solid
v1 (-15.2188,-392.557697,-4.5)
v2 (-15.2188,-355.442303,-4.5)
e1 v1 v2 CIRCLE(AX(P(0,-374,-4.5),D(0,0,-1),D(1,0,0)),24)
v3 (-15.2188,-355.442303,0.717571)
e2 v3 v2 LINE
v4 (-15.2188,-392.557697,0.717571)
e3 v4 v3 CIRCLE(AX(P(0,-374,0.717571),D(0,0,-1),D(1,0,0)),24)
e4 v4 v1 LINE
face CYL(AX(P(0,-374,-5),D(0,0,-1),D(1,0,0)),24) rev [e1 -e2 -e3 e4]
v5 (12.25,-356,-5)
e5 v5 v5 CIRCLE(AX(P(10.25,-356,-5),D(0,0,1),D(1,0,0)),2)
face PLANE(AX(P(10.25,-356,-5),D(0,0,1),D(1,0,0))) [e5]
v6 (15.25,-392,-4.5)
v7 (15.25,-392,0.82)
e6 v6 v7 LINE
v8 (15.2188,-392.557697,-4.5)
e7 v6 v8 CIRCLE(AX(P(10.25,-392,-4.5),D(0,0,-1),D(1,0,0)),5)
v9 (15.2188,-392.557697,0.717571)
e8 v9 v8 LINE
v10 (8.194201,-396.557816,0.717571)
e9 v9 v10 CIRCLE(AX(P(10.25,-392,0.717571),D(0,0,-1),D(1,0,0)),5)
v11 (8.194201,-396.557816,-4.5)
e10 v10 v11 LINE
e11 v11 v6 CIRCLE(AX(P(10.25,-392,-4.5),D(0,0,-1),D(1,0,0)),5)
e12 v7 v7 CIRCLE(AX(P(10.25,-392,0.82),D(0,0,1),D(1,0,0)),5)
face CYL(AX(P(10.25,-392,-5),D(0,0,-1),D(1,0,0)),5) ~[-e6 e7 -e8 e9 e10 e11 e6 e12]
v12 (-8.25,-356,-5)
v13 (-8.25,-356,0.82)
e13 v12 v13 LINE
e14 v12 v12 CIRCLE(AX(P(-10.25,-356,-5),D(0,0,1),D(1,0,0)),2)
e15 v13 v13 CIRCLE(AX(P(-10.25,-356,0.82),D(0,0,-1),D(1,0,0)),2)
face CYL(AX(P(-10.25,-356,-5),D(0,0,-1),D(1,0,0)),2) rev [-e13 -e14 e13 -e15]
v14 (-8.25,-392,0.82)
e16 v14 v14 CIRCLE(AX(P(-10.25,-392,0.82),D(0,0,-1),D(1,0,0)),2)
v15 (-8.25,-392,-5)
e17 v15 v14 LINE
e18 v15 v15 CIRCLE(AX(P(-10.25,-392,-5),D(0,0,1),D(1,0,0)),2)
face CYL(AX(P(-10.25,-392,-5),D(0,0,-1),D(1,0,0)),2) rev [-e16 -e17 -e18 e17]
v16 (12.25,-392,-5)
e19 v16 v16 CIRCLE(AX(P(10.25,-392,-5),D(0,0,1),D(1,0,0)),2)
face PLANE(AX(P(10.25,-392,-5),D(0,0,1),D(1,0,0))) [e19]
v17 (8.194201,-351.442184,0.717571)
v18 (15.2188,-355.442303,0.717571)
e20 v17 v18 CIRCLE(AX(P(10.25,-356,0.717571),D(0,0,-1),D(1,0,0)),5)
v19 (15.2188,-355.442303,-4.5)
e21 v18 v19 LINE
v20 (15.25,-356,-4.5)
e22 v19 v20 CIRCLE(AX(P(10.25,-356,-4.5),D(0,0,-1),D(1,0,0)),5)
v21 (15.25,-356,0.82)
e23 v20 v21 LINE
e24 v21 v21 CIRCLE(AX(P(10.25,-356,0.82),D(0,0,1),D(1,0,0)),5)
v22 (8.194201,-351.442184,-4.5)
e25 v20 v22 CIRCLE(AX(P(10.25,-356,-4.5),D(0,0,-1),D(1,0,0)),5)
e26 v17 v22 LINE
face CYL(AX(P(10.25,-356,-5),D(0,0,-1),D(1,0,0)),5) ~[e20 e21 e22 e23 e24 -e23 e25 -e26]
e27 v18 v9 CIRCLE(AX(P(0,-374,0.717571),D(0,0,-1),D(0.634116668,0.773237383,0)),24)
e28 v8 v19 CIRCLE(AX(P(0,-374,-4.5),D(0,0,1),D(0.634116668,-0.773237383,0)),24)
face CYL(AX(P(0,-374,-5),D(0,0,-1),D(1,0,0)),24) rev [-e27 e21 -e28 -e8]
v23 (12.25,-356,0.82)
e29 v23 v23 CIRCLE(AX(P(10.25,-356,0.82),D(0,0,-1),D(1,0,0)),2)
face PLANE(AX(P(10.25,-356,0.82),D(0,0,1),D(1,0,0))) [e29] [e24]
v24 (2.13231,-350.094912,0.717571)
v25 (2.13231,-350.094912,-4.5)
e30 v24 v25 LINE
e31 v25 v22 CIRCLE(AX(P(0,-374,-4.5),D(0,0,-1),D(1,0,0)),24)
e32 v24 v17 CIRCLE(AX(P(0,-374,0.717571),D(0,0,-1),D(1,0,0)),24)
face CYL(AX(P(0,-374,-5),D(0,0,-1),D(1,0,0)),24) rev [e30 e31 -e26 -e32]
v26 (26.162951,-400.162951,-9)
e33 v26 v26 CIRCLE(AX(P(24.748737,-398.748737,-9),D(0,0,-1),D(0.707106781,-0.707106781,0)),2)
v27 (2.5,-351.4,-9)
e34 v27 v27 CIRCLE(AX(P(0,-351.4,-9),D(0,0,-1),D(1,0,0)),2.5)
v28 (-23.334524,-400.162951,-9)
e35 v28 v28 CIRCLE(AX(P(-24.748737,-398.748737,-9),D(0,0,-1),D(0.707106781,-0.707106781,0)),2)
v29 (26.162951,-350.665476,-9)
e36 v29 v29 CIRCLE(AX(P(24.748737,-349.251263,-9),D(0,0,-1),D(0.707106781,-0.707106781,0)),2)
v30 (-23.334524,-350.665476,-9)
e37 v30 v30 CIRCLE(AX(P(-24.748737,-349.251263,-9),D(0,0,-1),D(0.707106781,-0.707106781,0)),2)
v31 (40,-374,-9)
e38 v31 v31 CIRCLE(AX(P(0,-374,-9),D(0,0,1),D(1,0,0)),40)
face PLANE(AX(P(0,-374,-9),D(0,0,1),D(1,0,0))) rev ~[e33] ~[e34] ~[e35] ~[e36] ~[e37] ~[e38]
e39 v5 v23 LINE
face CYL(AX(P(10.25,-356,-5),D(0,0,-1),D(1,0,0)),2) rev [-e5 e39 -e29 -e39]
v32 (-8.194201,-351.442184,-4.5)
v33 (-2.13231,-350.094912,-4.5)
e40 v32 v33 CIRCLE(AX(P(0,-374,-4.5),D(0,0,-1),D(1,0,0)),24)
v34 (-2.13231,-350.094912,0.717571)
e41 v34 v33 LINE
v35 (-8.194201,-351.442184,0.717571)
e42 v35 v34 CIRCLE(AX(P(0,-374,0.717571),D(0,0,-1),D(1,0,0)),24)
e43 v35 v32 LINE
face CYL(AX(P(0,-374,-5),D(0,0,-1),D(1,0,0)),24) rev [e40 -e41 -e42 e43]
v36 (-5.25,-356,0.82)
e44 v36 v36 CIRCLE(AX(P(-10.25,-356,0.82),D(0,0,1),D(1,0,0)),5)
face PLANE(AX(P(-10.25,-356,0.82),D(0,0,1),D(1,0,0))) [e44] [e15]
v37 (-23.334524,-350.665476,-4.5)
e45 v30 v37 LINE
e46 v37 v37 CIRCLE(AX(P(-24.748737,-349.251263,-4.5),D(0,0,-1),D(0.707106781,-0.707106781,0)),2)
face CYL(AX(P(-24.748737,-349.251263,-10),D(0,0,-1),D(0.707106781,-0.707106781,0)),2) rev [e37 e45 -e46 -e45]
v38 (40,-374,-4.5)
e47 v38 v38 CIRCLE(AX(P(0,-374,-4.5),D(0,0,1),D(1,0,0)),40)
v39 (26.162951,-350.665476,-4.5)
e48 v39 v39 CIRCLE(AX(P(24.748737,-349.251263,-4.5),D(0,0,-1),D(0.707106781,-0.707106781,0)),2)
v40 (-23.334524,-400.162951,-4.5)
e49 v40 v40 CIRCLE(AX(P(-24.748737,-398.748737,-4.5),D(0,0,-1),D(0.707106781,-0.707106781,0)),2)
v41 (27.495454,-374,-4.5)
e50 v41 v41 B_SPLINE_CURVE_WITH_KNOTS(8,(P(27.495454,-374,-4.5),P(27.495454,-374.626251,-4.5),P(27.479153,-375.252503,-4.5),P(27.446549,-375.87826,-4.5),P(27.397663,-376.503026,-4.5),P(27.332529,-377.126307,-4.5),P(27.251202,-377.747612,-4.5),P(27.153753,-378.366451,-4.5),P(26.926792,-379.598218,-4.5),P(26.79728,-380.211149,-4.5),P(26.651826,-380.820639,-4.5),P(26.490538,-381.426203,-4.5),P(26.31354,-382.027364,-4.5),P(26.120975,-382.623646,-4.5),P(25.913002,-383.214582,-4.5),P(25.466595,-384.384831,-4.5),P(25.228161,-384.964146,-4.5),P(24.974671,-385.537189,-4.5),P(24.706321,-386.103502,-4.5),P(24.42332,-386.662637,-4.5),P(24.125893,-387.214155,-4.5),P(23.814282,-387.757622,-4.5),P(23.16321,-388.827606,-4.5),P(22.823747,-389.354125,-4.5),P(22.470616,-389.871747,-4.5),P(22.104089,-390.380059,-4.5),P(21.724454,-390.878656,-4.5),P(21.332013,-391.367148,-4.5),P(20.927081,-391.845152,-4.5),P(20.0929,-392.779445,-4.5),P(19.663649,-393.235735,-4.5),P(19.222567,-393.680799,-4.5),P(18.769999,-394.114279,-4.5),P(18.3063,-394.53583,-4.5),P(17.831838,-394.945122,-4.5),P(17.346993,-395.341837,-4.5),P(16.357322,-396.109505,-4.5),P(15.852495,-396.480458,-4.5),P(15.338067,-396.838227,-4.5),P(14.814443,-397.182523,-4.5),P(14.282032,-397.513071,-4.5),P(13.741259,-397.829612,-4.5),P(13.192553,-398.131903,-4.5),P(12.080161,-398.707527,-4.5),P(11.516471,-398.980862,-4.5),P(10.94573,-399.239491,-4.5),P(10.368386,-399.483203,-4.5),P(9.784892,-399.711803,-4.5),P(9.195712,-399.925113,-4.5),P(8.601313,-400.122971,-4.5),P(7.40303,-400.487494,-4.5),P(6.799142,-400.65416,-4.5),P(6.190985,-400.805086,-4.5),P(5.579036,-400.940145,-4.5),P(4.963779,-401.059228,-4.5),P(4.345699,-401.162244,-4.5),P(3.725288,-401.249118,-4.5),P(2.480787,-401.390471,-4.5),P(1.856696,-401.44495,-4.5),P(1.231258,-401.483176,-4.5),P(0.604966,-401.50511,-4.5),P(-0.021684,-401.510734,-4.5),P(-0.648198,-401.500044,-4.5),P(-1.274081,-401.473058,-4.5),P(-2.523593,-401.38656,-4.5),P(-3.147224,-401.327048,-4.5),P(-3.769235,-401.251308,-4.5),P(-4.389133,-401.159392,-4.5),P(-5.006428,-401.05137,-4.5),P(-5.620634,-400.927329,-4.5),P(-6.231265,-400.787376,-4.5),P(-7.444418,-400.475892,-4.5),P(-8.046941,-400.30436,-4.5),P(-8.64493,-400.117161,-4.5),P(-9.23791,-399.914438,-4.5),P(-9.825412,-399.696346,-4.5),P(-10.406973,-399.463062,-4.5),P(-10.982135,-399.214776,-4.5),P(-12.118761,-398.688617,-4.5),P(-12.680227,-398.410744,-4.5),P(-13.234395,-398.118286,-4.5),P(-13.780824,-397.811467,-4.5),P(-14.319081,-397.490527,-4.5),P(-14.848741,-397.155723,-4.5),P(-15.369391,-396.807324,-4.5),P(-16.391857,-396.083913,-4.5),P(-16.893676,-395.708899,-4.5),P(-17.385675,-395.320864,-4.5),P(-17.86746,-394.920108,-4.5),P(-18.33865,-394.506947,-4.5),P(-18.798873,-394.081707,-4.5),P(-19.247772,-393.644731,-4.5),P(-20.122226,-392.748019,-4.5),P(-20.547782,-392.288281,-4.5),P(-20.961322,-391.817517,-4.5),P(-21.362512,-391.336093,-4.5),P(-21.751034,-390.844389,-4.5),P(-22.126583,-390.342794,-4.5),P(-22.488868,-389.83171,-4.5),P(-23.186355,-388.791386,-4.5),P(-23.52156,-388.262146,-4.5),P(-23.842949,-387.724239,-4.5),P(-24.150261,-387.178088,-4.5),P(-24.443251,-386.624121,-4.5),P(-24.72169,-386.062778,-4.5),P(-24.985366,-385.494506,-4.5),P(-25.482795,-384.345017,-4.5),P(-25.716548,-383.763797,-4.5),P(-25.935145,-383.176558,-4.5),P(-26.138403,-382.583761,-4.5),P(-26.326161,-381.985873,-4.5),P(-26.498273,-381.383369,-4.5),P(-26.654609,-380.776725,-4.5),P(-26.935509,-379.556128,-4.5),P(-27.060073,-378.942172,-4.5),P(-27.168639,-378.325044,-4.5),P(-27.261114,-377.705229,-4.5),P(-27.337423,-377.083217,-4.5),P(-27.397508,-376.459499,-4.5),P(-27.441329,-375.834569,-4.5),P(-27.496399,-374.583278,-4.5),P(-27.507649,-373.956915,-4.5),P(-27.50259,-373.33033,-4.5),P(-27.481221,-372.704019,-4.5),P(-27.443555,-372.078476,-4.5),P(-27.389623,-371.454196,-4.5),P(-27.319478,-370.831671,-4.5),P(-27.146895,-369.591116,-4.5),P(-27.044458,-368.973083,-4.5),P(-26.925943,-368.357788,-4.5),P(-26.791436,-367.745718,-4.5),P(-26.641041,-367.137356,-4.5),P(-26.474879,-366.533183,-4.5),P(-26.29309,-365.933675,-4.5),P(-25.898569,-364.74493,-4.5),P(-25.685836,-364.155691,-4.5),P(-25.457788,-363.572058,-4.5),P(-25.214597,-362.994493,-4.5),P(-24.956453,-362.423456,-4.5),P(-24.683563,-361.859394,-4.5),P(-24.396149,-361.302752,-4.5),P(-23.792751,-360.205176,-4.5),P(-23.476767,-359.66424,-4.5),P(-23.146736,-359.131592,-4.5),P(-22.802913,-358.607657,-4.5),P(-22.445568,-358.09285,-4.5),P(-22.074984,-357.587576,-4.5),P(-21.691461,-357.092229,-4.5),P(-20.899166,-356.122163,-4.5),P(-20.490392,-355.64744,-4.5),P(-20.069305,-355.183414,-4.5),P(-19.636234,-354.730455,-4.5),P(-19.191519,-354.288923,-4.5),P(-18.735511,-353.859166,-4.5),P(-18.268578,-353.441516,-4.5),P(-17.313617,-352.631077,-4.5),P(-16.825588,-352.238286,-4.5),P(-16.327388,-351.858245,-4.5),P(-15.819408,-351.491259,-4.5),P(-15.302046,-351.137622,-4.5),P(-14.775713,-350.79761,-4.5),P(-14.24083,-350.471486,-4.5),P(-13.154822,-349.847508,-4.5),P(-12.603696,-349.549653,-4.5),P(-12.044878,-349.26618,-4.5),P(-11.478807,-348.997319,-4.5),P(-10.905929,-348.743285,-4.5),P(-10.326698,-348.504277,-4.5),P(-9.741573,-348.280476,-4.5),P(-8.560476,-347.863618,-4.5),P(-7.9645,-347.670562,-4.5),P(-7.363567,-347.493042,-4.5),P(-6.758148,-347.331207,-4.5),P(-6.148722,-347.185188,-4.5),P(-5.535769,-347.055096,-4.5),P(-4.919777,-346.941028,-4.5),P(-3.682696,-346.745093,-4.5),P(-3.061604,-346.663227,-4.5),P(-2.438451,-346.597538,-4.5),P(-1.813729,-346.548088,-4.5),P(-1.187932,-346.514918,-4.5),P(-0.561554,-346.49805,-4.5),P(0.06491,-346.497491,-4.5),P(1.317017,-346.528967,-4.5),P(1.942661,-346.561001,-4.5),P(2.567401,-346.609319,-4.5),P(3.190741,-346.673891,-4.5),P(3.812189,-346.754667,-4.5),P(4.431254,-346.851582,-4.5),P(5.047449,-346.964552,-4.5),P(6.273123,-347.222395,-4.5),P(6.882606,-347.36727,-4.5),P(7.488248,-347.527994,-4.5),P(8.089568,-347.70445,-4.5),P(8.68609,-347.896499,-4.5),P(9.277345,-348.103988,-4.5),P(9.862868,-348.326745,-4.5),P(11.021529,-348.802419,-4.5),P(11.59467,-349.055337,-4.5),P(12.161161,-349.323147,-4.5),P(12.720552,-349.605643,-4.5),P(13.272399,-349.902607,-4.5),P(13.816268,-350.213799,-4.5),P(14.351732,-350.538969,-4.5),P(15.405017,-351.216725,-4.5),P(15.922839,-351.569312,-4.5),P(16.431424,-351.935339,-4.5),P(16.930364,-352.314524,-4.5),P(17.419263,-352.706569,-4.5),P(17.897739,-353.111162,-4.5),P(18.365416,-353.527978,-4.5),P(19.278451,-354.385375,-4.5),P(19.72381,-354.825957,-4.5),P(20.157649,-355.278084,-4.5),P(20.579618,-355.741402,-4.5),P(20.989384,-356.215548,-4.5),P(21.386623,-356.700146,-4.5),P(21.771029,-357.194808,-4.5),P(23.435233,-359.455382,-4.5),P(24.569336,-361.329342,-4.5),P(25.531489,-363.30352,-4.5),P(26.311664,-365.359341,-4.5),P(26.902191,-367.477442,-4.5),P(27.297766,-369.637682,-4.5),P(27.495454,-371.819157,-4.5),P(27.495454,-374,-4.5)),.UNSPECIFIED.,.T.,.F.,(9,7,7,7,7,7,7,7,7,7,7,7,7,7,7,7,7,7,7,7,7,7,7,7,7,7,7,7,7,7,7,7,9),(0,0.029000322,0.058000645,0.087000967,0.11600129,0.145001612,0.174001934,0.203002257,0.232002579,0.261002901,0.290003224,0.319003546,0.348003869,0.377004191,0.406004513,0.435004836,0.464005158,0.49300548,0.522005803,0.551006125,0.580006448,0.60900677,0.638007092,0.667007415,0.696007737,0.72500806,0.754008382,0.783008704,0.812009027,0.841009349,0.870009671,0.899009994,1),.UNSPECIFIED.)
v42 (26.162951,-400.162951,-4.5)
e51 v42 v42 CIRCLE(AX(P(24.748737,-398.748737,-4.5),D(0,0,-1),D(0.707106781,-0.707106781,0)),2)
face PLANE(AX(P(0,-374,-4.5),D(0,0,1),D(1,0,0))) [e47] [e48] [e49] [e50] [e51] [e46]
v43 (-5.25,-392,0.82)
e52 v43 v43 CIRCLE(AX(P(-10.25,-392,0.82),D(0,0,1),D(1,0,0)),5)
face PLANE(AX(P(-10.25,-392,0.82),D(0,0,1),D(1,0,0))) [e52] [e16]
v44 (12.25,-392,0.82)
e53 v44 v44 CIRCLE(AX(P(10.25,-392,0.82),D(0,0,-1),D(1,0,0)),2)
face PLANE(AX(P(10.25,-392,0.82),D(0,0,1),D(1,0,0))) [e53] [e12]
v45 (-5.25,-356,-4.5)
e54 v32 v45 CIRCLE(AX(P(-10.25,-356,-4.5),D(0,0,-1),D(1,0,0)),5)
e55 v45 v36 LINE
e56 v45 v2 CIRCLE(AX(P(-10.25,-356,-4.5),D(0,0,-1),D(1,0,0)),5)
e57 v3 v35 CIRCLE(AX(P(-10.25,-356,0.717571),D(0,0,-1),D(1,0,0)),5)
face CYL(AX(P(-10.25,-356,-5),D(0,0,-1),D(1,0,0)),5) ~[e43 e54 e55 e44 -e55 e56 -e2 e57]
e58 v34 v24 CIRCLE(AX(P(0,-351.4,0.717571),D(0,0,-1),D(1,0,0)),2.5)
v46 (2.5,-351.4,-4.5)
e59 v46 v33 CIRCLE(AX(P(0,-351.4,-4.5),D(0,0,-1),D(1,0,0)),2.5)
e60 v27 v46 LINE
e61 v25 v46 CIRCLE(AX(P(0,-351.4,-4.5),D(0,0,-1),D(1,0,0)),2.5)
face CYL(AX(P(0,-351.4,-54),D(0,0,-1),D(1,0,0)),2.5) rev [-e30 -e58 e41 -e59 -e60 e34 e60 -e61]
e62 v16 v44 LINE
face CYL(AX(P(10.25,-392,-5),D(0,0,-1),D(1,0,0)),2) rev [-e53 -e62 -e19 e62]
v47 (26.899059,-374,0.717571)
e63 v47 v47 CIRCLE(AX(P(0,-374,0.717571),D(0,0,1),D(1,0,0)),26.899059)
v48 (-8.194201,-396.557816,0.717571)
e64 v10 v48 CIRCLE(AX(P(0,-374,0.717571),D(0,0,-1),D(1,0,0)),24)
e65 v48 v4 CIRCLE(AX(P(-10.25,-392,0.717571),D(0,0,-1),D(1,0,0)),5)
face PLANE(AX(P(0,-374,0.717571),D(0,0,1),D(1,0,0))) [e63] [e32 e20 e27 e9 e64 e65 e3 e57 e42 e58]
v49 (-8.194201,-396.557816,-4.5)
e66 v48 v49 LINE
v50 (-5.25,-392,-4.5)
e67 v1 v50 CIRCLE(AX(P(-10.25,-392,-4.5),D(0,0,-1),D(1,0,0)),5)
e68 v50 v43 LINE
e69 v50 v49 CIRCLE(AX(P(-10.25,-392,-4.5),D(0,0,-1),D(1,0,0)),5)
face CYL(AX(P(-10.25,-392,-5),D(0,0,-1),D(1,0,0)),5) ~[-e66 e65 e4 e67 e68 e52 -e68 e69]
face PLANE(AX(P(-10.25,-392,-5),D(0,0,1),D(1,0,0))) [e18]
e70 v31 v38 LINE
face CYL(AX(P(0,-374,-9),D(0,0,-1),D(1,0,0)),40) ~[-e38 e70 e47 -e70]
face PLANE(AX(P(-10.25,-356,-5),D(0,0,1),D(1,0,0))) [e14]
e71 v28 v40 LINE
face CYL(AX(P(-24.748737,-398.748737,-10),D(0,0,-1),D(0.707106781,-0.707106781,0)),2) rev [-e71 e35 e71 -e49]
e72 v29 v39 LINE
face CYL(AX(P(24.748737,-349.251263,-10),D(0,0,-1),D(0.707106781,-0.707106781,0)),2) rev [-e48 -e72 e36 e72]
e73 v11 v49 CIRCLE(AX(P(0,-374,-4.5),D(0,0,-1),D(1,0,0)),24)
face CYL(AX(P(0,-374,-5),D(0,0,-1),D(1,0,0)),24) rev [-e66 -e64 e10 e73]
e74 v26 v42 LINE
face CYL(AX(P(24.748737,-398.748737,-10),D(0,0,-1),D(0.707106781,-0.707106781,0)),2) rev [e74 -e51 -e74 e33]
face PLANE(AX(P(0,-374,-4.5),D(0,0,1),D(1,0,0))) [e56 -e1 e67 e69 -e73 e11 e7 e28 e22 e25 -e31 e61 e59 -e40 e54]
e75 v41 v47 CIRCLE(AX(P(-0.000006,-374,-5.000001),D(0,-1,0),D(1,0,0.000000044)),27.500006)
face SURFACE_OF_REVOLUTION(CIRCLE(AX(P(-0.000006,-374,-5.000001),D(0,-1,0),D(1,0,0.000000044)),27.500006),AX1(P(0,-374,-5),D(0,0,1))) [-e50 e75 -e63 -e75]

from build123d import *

# Parameters (mm, degrees)
CYLINDER170_R             = 2
CYLINDER170_DEPTH         = 10
CYLINDER171_R             = 2
CYLINDER171_DEPTH         = 10
CYLINDER172_R             = 2
CYLINDER172_DEPTH         = 10
CYLINDER169_R             = 2
CYLINDER169_DEPTH         = 10
FUSION111_PLACEMENT_ANGLE = 45
CYLINDER165_R             = 2.5
CYLINDER165_DEPTH         = 60
CYLINDER161_R             = 2
CYLINDER161_DEPTH         = 10
CYLINDER162_R             = 2
CYLINDER162_DEPTH         = 10
CYLINDER163_R             = 2
CYLINDER163_DEPTH         = 10
CYLINDER164_R             = 2
CYLINDER164_DEPTH         = 10
CYLINDER156_R             = 5.5
CYLINDER156_DEPTH         = 1
CYLINDER157_R             = 5
CYLINDER157_DEPTH         = 5.82
CYLINDER158_R             = 5
CYLINDER158_DEPTH         = 5.82
CYLINDER159_R             = 5
CYLINDER159_DEPTH         = 5.82
CYLINDER160_R             = 5
CYLINDER160_DEPTH         = 5.82
CYLINDER154_R             = 40
CYLINDER154_DEPTH         = 4.5
CYLINDER155_R             = 24
CYLINDER155_DEPTH         = 7


with BuildPart() as m2heatsetinsets021:
    # Cylinder170 → Cylinder170 (new body)
    with BuildSketch(Plane(origin=(35, 0, 65), x_dir=(1, 0, 0), z_dir=(0, 0, 1))):
        Circle(CYLINDER170_R)
    extrude(amount=CYLINDER170_DEPTH)


with BuildPart() as m2heatsetinsets022:
    # Cylinder171 → Cylinder171 (new body)
    with BuildSketch(Plane(origin=(0, 35, 65), x_dir=(1, 0, 0), z_dir=(0, 0, 1))):
        Circle(CYLINDER171_R)
    extrude(amount=CYLINDER171_DEPTH)


with BuildPart() as m2heatsetinsets023:
    # Cylinder172 → Cylinder172 (new body)
    with BuildSketch(Plane(origin=(0, -35, 65), x_dir=(1, 0, 0), z_dir=(0, 0, 1))):
        Circle(CYLINDER172_R)
    extrude(amount=CYLINDER172_DEPTH)


with BuildPart() as fusion111:
    # Cylinder169 → Cylinder169 (new body)
    with BuildSketch(Plane(origin=(-35, 0, 65), x_dir=(1, 0, 0), z_dir=(0, 0, 1))):
        Circle(CYLINDER169_R)
    extrude(amount=CYLINDER169_DEPTH)

    # Fusion111: union m2HeatSetInsets021, m2HeatSetInsets022, m2HeatSetInsets023
    add(m2heatsetinsets021.part)
    add(m2heatsetinsets022.part)
    add(m2heatsetinsets023.part)


with BuildPart() as fusion111_1:
    # Fusion111 placement: moved
    add(fusion111.part.moved(Location((0, -374, -75))).rotate(Axis((0, -374, -75), (0, 0, -1)), FUSION111_PLACEMENT_ANGLE))


with BuildPart() as wirecut004:
    # Cylinder165 → Cylinder165 (new body)
    with BuildSketch(Plane(origin=(134, 32.6, 20), x_dir=(1, 0, 0), z_dir=(0, 0, 1))):
        Circle(CYLINDER165_R)
    extrude(amount=CYLINDER165_DEPTH)


with BuildPart() as cylinder161:
    # Cylinder161 → Cylinder161 (new body)
    with BuildSketch(Plane(origin=(0, -21, 0), x_dir=(1, 0, 0), z_dir=(0, 0, 1))):
        Circle(CYLINDER161_R)
    extrude(amount=CYLINDER161_DEPTH)


with BuildPart() as m3heatsetcuts025:
    # Cylinder162 → Cylinder162 (new body)
    with BuildSketch(Plane(origin=(20.5, -21, 0), x_dir=(1, 0, 0), z_dir=(0, 0, 1))):
        Circle(CYLINDER162_R)
    extrude(amount=CYLINDER162_DEPTH)

    # Fusion103: union Cylinder161
    add(cylinder161.part)


with BuildPart() as m3heatsetcuts025_1:
    # Fusion103 placement: moved
    add(m3heatsetcuts025.part.moved(Location((-5, 39, 70))))


with BuildPart() as cylinder163:
    # Cylinder163 → Cylinder163 (new body)
    with BuildSketch(Plane(origin=(0, -21, 0), x_dir=(1, 0, 0), z_dir=(0, 0, 1))):
        Circle(CYLINDER163_R)
    extrude(amount=CYLINDER163_DEPTH)


with BuildPart() as lightmodulecut005:
    # Cylinder164 → Cylinder164 (new body)
    with BuildSketch(Plane(origin=(20.5, -21, 0), x_dir=(1, 0, 0), z_dir=(0, 0, 1))):
        Circle(CYLINDER164_R)
    extrude(amount=CYLINDER164_DEPTH)

    # Fusion104: union Cylinder163
    add(cylinder163.part)


with BuildPart() as lightmodulecut005_1:
    # Fusion104 placement: moved
    add(lightmodulecut005.part.moved(Location((-5, 3, 70))))

    # Fusion102: union m3HeatSetCuts025
    add(m3heatsetcuts025_1.part)


with BuildPart() as lightmodulecut005_2:
    # Fusion102 placement: moved
    add(lightmodulecut005_1.part.moved(Location((128.75, 10, -1))))

    # Fusion105: union WireCut004
    add(wirecut004.part)


with BuildPart() as cylinder156:
    # Cylinder156 → Cylinder156 (new body)
    with BuildSketch(Plane(origin=(134, 32.6, 65), x_dir=(1, 0, 0), z_dir=(0, 0, 1))):
        Circle(CYLINDER156_R)
    extrude(amount=CYLINDER156_DEPTH)


with BuildPart() as cylinder157:
    # Cylinder157 → Cylinder157 (new body)
    with BuildSketch(Plane(origin=(0, -21, 0), x_dir=(1, 0, 0), z_dir=(0, 0, 1))):
        Circle(CYLINDER157_R)
    extrude(amount=CYLINDER157_DEPTH)


with BuildPart() as m3heatsetcuts021:
    # Cylinder158 → Cylinder158 (new body)
    with BuildSketch(Plane(origin=(20.5, -21, 0), x_dir=(1, 0, 0), z_dir=(0, 0, 1))):
        Circle(CYLINDER158_R)
    extrude(amount=CYLINDER158_DEPTH)

    # Fusion097: union Cylinder157
    add(cylinder157.part)


with BuildPart() as m3heatsetcuts021_1:
    # Fusion097 placement: moved
    add(m3heatsetcuts021.part.moved(Location((-5, 39, 70))))


with BuildPart() as cylinder159:
    # Cylinder159 → Cylinder159 (new body)
    with BuildSketch(Plane(origin=(0, -21, 0), x_dir=(1, 0, 0), z_dir=(0, 0, 1))):
        Circle(CYLINDER159_R)
    extrude(amount=CYLINDER159_DEPTH)


with BuildPart() as m3heatsetcuts023:
    # Cylinder160 → Cylinder160 (new body)
    with BuildSketch(Plane(origin=(20.5, -21, 0), x_dir=(1, 0, 0), z_dir=(0, 0, 1))):
        Circle(CYLINDER160_R)
    extrude(amount=CYLINDER160_DEPTH)

    # Fusion098: union Cylinder159
    add(cylinder159.part)


with BuildPart() as m3heatsetcuts023_1:
    # Fusion098 placement: moved
    add(m3heatsetcuts023.part.moved(Location((-5, 3, 70))))

    # Fusion099: union m3HeatSetCuts021
    add(m3heatsetcuts021_1.part)


with BuildPart() as m3heatsetcuts023_2:
    # Fusion099 placement: moved
    add(m3heatsetcuts023_1.part.moved(Location((128.75, 10, -1))))


with BuildPart() as base014:
    # Cylinder154 → Cylinder154 (new body)
    with BuildSketch(Plane(origin=(136, 0, 65), x_dir=(1, 0, 0), z_dir=(0, 0, 1))):
        Circle(CYLINDER154_R)
    extrude(amount=CYLINDER154_DEPTH)


with BuildPart() as basecut003:
    # Cylinder155 → Cylinder155 (new body)
    with BuildSketch(Plane(origin=(5, 0, 74), x_dir=(1, 0, 0), z_dir=(0, 0, 1))):
        Circle(CYLINDER155_R)
    extrude(amount=CYLINDER155_DEPTH)


with BuildPart() as cut058:
    # Sphere005 → Sphere005 (revolve)
    with BuildSketch(Plane(origin=(5, 0, 74), x_dir=(1, 0, 0), z_dir=(0, -1, 0))):
        with BuildLine():
            ThreePointArc((27.5, 0), (27.349352, 2.874533), (26.899059, 5.717571))
            Line((26.899059, 5.717571), (0, 5.717571))
            Line((0, 5.717571), (0, 0))
            Line((0, 0), (27.5, 0))
        make_face()
    revolve(axis=Axis((5, 0, 74), (0, 0, 1)))

    # Cut053: cut baseCut003
    add(basecut003.part, mode=Mode.SUBTRACT)


with BuildPart() as cut058_1:
    # Cut053 placement: moved
    add(cut058.part.moved(Location((131, 0, -5))))

    # Fusion100: union base014
    add(base014.part)


with BuildPart() as cut058_2:
    # Fusion100 placement: moved
    add(cut058_1.part.moved(Location((-2, 10, 0))))

    # Fusion101: union Cylinder156, m3HeatSetCuts023
    add(cylinder156.part)
    add(m3heatsetcuts023_2.part)

    # Cut054: cut lightModuleCut005
    add(lightmodulecut005_2.part, mode=Mode.SUBTRACT)


with BuildPart() as cut058_3:
    # Cut054 placement: moved
    add(cut058_2.part.moved(Location((-134, -384, -74))))

    # Cut058: cut Fusion111
    add(fusion111_1.part, mode=Mode.SUBTRACT)


solid = cut058_3.part
